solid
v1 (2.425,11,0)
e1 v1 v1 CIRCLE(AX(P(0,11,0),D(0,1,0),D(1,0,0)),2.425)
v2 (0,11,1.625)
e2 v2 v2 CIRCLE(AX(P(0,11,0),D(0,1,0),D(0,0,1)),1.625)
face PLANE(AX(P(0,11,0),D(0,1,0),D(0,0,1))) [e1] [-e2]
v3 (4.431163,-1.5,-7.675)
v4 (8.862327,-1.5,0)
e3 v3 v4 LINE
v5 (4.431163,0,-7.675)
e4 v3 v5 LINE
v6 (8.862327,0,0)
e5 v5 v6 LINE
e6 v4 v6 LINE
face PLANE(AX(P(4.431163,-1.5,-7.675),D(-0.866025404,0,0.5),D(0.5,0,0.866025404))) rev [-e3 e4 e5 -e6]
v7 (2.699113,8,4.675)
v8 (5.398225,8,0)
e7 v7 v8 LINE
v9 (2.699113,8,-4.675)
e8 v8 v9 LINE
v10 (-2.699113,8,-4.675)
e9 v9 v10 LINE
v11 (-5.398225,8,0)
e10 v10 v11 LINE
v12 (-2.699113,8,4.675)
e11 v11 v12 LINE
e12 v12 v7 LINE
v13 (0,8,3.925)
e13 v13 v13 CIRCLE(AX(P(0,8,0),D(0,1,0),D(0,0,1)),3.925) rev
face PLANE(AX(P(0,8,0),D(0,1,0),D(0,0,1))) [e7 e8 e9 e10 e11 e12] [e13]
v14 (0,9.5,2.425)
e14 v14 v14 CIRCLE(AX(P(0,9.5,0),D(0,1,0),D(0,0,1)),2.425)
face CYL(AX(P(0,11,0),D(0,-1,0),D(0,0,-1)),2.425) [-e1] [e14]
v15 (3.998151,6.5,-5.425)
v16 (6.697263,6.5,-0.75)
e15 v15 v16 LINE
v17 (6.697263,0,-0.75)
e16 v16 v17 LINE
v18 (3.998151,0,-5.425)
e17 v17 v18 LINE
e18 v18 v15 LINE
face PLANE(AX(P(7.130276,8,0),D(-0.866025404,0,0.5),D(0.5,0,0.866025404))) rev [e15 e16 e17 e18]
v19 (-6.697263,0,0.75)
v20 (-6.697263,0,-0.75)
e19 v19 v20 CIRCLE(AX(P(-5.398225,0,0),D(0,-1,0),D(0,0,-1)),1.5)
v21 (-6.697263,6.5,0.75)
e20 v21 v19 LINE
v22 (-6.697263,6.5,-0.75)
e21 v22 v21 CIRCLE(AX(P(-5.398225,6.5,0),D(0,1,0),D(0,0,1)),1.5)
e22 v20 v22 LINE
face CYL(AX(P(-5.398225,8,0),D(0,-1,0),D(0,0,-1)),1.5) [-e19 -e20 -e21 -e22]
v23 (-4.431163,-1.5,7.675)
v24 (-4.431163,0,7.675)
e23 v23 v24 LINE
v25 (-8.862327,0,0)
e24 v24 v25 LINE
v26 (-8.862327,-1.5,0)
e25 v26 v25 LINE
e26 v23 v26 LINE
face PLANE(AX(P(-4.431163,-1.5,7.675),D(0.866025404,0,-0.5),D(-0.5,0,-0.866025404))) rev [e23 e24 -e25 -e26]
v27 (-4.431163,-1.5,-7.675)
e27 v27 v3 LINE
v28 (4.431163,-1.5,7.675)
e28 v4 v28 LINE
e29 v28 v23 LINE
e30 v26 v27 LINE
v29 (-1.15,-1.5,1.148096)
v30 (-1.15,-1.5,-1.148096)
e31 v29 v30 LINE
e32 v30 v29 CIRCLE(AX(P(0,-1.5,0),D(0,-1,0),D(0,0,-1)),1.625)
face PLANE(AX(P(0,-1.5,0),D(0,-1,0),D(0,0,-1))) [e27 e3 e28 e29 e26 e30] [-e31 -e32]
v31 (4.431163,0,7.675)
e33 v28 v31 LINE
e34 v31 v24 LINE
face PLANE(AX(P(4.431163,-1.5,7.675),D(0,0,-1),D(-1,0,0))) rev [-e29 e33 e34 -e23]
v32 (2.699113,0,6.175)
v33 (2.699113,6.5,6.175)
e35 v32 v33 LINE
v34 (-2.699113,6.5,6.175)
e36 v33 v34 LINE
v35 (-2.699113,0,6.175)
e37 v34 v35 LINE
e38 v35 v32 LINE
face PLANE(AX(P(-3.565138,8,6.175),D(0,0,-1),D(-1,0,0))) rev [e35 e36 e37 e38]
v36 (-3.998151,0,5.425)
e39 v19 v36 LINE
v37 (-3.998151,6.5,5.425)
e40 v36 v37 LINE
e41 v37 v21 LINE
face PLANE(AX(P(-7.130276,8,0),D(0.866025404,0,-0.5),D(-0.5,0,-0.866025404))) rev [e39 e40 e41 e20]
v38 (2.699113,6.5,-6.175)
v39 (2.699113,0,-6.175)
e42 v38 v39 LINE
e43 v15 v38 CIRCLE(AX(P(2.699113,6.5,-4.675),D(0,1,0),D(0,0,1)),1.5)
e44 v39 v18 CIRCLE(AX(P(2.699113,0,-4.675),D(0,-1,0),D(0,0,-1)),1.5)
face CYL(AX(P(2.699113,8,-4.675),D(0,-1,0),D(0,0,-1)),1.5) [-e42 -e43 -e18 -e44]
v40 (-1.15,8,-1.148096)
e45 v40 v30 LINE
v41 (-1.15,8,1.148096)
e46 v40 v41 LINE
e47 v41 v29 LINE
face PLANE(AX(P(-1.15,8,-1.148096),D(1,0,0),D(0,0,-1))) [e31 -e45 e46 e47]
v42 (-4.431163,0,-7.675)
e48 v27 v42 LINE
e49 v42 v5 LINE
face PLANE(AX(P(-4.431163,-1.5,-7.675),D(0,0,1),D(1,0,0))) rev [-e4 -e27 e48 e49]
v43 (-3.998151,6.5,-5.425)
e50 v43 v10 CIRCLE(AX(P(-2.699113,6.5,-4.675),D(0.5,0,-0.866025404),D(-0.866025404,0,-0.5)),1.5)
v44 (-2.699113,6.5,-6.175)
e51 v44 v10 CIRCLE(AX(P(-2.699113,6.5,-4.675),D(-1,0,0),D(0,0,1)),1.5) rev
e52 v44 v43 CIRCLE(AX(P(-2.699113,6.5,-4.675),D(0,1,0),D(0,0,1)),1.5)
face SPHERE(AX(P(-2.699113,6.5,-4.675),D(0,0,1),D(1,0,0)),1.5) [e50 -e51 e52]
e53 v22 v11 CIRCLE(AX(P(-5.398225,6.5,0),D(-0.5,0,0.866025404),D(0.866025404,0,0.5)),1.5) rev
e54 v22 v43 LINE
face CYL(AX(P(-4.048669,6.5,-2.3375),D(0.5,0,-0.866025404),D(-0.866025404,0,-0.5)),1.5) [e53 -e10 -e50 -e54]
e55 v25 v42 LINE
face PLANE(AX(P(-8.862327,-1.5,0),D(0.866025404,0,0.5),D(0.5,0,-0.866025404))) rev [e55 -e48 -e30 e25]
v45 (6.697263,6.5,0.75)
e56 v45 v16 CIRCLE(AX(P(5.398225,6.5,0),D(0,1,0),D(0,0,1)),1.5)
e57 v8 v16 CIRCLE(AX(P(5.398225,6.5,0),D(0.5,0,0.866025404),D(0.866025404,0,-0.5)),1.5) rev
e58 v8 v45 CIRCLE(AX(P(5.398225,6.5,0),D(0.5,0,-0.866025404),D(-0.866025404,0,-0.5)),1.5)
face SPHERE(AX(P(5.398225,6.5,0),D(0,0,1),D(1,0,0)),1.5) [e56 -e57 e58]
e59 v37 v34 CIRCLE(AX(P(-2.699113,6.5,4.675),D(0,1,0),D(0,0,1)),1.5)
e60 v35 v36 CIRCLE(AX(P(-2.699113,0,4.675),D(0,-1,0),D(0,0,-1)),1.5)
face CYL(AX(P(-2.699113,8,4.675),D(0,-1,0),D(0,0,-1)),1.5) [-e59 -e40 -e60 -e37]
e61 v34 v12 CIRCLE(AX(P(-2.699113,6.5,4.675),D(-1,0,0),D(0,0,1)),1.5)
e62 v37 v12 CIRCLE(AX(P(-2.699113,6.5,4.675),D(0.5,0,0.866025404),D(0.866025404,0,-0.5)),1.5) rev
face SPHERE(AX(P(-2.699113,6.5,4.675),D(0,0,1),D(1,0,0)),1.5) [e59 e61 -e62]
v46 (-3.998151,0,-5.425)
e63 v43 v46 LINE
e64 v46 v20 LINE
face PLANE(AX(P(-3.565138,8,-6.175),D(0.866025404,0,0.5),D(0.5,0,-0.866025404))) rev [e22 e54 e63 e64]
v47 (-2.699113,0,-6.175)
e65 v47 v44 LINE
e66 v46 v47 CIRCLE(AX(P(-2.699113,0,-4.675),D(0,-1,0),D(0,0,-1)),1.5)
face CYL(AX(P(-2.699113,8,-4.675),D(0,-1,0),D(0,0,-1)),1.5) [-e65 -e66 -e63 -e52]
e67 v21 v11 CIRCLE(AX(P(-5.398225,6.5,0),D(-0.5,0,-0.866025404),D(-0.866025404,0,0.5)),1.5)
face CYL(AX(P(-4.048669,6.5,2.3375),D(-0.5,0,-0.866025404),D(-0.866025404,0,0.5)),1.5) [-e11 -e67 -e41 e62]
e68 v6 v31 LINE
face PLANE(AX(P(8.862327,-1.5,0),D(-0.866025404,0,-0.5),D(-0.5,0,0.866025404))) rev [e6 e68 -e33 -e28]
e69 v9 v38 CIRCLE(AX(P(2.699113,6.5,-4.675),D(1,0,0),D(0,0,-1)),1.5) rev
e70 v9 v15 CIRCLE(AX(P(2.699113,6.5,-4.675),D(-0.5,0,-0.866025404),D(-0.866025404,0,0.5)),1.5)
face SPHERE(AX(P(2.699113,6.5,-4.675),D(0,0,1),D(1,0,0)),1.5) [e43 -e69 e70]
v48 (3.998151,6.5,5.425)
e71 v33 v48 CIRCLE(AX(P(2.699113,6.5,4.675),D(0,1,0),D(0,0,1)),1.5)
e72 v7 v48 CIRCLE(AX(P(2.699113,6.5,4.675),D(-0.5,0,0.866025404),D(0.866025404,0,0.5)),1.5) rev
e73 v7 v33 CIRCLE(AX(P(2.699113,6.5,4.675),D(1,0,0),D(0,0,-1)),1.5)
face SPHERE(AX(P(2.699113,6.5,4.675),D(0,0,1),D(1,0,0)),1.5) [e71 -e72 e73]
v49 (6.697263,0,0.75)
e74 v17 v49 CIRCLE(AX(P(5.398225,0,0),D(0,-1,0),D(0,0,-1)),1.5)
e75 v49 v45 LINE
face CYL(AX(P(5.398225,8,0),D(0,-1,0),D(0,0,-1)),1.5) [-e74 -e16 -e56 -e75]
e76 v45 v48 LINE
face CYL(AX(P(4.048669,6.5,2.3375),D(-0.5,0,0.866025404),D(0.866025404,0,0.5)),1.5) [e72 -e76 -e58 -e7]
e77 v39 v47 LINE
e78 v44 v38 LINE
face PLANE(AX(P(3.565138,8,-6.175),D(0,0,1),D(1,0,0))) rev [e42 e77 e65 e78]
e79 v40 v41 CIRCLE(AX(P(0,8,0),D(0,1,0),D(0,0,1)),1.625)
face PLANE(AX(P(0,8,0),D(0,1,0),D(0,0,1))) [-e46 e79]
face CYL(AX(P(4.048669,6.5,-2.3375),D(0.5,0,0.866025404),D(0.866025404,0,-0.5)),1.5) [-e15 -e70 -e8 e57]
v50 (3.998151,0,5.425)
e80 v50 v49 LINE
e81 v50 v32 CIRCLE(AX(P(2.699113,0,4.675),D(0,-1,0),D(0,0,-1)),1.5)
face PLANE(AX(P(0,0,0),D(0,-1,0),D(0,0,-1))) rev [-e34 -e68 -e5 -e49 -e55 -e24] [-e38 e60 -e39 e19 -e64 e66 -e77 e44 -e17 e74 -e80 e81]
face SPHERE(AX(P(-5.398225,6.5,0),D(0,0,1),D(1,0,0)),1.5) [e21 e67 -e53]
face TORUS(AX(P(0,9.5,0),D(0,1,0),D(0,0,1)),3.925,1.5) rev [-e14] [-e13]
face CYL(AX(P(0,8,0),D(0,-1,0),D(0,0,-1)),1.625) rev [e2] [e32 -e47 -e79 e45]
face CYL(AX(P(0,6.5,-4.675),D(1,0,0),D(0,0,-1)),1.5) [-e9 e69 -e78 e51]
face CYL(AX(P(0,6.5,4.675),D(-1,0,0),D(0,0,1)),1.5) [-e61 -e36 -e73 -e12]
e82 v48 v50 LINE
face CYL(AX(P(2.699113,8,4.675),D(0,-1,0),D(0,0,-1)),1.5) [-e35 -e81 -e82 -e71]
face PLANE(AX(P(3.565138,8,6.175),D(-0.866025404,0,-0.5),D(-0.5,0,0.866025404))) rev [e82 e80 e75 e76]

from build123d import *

# Parameters (mm, degrees)
BOSS_EXTRUDE1_DEPTH = 8
BOSS_EXTRUDE2_START = 1.5
BOSS_EXTRUDE2_DEPTH = 1.5
SKETCH4_R           = 2.425
SKETCH4_R_2         = 1.625
EXTRUDE_THIN1_DEPTH = 3
FILLET1_R           = 1.5


with BuildPart() as part:
    # Sketch1 → Boss-Extrude1 (new body)
    with BuildSketch(Plane(origin=(0, 0, 0), x_dir=(1, 0, 0), z_dir=(0, 1, 0))):
        Polygon((-7.130275824, 0), (-3.565137912, -6.175), (3.565137912, -6.175), (7.130275824, 0), (3.565137912, 6.175), (-3.565137912, 6.175), align=None)
        with BuildLine():
            Line((-1.15, 1.14809625), (-1.15, -1.14809625))
            ThreePointArc((-1.15, -1.14809625), (1.625, 0), (-1.15, 1.14809625))
        make_face(mode=Mode.SUBTRACT)
    extrude(amount=BOSS_EXTRUDE1_DEPTH)

    # Sketch2 → Boss-Extrude2 (add)
    with BuildSketch(Plane.XZ.offset(BOSS_EXTRUDE2_START)):
        Polygon((-4.431163316, 7.675), (-8.862326632, 0), (-4.431163316, -7.675), (4.431163316, -7.675), (8.862326632, 0), (4.431163316, 7.675), align=None)
        with BuildLine():
            Line((-1.15, -1.14809625), (-1.15, 1.14809625))
            ThreePointArc((-1.15, 1.14809625), (1.625, 0), (-1.15, -1.14809625))
        make_face(mode=Mode.SUBTRACT)
    extrude(amount=-BOSS_EXTRUDE2_DEPTH)

    # Sketch4 → Extrude-Thin1 (add)
    with BuildSketch(Plane(origin=(0, 8, 0), x_dir=(1, 0, 0), z_dir=(0, 1, 0))):
        Circle(SKETCH4_R)
        Circle(SKETCH4_R_2, mode=Mode.SUBTRACT)
    extrude(amount=EXTRUDE_THIN1_DEPTH)

    # Fillet1
    fillet1_edges = [part.edges().sort_by_distance(p)[0] for p in [
        (0, 8, 6.175),
        (-3.565137912, 4, -6.175),
        (3.565137912, 4, -6.175),
        (7.130275824, 4, 0),
        (3.565137912, 4, 6.175),
        (-3.565137912, 4, 6.175),
        (-7.130275824, 4, 0),
        (5.347706868, 8, 3.0875),
        (5.347706868, 8, -3.0875),
        (0, 8, -6.175),
        (-5.347706868, 8, -3.0875),
        (-2.425, 8, 0),
        (-5.347706868, 8, 3.0875),
    ]]
    fillet(fillet1_edges, radius=FILLET1_R)


solid = part.part
